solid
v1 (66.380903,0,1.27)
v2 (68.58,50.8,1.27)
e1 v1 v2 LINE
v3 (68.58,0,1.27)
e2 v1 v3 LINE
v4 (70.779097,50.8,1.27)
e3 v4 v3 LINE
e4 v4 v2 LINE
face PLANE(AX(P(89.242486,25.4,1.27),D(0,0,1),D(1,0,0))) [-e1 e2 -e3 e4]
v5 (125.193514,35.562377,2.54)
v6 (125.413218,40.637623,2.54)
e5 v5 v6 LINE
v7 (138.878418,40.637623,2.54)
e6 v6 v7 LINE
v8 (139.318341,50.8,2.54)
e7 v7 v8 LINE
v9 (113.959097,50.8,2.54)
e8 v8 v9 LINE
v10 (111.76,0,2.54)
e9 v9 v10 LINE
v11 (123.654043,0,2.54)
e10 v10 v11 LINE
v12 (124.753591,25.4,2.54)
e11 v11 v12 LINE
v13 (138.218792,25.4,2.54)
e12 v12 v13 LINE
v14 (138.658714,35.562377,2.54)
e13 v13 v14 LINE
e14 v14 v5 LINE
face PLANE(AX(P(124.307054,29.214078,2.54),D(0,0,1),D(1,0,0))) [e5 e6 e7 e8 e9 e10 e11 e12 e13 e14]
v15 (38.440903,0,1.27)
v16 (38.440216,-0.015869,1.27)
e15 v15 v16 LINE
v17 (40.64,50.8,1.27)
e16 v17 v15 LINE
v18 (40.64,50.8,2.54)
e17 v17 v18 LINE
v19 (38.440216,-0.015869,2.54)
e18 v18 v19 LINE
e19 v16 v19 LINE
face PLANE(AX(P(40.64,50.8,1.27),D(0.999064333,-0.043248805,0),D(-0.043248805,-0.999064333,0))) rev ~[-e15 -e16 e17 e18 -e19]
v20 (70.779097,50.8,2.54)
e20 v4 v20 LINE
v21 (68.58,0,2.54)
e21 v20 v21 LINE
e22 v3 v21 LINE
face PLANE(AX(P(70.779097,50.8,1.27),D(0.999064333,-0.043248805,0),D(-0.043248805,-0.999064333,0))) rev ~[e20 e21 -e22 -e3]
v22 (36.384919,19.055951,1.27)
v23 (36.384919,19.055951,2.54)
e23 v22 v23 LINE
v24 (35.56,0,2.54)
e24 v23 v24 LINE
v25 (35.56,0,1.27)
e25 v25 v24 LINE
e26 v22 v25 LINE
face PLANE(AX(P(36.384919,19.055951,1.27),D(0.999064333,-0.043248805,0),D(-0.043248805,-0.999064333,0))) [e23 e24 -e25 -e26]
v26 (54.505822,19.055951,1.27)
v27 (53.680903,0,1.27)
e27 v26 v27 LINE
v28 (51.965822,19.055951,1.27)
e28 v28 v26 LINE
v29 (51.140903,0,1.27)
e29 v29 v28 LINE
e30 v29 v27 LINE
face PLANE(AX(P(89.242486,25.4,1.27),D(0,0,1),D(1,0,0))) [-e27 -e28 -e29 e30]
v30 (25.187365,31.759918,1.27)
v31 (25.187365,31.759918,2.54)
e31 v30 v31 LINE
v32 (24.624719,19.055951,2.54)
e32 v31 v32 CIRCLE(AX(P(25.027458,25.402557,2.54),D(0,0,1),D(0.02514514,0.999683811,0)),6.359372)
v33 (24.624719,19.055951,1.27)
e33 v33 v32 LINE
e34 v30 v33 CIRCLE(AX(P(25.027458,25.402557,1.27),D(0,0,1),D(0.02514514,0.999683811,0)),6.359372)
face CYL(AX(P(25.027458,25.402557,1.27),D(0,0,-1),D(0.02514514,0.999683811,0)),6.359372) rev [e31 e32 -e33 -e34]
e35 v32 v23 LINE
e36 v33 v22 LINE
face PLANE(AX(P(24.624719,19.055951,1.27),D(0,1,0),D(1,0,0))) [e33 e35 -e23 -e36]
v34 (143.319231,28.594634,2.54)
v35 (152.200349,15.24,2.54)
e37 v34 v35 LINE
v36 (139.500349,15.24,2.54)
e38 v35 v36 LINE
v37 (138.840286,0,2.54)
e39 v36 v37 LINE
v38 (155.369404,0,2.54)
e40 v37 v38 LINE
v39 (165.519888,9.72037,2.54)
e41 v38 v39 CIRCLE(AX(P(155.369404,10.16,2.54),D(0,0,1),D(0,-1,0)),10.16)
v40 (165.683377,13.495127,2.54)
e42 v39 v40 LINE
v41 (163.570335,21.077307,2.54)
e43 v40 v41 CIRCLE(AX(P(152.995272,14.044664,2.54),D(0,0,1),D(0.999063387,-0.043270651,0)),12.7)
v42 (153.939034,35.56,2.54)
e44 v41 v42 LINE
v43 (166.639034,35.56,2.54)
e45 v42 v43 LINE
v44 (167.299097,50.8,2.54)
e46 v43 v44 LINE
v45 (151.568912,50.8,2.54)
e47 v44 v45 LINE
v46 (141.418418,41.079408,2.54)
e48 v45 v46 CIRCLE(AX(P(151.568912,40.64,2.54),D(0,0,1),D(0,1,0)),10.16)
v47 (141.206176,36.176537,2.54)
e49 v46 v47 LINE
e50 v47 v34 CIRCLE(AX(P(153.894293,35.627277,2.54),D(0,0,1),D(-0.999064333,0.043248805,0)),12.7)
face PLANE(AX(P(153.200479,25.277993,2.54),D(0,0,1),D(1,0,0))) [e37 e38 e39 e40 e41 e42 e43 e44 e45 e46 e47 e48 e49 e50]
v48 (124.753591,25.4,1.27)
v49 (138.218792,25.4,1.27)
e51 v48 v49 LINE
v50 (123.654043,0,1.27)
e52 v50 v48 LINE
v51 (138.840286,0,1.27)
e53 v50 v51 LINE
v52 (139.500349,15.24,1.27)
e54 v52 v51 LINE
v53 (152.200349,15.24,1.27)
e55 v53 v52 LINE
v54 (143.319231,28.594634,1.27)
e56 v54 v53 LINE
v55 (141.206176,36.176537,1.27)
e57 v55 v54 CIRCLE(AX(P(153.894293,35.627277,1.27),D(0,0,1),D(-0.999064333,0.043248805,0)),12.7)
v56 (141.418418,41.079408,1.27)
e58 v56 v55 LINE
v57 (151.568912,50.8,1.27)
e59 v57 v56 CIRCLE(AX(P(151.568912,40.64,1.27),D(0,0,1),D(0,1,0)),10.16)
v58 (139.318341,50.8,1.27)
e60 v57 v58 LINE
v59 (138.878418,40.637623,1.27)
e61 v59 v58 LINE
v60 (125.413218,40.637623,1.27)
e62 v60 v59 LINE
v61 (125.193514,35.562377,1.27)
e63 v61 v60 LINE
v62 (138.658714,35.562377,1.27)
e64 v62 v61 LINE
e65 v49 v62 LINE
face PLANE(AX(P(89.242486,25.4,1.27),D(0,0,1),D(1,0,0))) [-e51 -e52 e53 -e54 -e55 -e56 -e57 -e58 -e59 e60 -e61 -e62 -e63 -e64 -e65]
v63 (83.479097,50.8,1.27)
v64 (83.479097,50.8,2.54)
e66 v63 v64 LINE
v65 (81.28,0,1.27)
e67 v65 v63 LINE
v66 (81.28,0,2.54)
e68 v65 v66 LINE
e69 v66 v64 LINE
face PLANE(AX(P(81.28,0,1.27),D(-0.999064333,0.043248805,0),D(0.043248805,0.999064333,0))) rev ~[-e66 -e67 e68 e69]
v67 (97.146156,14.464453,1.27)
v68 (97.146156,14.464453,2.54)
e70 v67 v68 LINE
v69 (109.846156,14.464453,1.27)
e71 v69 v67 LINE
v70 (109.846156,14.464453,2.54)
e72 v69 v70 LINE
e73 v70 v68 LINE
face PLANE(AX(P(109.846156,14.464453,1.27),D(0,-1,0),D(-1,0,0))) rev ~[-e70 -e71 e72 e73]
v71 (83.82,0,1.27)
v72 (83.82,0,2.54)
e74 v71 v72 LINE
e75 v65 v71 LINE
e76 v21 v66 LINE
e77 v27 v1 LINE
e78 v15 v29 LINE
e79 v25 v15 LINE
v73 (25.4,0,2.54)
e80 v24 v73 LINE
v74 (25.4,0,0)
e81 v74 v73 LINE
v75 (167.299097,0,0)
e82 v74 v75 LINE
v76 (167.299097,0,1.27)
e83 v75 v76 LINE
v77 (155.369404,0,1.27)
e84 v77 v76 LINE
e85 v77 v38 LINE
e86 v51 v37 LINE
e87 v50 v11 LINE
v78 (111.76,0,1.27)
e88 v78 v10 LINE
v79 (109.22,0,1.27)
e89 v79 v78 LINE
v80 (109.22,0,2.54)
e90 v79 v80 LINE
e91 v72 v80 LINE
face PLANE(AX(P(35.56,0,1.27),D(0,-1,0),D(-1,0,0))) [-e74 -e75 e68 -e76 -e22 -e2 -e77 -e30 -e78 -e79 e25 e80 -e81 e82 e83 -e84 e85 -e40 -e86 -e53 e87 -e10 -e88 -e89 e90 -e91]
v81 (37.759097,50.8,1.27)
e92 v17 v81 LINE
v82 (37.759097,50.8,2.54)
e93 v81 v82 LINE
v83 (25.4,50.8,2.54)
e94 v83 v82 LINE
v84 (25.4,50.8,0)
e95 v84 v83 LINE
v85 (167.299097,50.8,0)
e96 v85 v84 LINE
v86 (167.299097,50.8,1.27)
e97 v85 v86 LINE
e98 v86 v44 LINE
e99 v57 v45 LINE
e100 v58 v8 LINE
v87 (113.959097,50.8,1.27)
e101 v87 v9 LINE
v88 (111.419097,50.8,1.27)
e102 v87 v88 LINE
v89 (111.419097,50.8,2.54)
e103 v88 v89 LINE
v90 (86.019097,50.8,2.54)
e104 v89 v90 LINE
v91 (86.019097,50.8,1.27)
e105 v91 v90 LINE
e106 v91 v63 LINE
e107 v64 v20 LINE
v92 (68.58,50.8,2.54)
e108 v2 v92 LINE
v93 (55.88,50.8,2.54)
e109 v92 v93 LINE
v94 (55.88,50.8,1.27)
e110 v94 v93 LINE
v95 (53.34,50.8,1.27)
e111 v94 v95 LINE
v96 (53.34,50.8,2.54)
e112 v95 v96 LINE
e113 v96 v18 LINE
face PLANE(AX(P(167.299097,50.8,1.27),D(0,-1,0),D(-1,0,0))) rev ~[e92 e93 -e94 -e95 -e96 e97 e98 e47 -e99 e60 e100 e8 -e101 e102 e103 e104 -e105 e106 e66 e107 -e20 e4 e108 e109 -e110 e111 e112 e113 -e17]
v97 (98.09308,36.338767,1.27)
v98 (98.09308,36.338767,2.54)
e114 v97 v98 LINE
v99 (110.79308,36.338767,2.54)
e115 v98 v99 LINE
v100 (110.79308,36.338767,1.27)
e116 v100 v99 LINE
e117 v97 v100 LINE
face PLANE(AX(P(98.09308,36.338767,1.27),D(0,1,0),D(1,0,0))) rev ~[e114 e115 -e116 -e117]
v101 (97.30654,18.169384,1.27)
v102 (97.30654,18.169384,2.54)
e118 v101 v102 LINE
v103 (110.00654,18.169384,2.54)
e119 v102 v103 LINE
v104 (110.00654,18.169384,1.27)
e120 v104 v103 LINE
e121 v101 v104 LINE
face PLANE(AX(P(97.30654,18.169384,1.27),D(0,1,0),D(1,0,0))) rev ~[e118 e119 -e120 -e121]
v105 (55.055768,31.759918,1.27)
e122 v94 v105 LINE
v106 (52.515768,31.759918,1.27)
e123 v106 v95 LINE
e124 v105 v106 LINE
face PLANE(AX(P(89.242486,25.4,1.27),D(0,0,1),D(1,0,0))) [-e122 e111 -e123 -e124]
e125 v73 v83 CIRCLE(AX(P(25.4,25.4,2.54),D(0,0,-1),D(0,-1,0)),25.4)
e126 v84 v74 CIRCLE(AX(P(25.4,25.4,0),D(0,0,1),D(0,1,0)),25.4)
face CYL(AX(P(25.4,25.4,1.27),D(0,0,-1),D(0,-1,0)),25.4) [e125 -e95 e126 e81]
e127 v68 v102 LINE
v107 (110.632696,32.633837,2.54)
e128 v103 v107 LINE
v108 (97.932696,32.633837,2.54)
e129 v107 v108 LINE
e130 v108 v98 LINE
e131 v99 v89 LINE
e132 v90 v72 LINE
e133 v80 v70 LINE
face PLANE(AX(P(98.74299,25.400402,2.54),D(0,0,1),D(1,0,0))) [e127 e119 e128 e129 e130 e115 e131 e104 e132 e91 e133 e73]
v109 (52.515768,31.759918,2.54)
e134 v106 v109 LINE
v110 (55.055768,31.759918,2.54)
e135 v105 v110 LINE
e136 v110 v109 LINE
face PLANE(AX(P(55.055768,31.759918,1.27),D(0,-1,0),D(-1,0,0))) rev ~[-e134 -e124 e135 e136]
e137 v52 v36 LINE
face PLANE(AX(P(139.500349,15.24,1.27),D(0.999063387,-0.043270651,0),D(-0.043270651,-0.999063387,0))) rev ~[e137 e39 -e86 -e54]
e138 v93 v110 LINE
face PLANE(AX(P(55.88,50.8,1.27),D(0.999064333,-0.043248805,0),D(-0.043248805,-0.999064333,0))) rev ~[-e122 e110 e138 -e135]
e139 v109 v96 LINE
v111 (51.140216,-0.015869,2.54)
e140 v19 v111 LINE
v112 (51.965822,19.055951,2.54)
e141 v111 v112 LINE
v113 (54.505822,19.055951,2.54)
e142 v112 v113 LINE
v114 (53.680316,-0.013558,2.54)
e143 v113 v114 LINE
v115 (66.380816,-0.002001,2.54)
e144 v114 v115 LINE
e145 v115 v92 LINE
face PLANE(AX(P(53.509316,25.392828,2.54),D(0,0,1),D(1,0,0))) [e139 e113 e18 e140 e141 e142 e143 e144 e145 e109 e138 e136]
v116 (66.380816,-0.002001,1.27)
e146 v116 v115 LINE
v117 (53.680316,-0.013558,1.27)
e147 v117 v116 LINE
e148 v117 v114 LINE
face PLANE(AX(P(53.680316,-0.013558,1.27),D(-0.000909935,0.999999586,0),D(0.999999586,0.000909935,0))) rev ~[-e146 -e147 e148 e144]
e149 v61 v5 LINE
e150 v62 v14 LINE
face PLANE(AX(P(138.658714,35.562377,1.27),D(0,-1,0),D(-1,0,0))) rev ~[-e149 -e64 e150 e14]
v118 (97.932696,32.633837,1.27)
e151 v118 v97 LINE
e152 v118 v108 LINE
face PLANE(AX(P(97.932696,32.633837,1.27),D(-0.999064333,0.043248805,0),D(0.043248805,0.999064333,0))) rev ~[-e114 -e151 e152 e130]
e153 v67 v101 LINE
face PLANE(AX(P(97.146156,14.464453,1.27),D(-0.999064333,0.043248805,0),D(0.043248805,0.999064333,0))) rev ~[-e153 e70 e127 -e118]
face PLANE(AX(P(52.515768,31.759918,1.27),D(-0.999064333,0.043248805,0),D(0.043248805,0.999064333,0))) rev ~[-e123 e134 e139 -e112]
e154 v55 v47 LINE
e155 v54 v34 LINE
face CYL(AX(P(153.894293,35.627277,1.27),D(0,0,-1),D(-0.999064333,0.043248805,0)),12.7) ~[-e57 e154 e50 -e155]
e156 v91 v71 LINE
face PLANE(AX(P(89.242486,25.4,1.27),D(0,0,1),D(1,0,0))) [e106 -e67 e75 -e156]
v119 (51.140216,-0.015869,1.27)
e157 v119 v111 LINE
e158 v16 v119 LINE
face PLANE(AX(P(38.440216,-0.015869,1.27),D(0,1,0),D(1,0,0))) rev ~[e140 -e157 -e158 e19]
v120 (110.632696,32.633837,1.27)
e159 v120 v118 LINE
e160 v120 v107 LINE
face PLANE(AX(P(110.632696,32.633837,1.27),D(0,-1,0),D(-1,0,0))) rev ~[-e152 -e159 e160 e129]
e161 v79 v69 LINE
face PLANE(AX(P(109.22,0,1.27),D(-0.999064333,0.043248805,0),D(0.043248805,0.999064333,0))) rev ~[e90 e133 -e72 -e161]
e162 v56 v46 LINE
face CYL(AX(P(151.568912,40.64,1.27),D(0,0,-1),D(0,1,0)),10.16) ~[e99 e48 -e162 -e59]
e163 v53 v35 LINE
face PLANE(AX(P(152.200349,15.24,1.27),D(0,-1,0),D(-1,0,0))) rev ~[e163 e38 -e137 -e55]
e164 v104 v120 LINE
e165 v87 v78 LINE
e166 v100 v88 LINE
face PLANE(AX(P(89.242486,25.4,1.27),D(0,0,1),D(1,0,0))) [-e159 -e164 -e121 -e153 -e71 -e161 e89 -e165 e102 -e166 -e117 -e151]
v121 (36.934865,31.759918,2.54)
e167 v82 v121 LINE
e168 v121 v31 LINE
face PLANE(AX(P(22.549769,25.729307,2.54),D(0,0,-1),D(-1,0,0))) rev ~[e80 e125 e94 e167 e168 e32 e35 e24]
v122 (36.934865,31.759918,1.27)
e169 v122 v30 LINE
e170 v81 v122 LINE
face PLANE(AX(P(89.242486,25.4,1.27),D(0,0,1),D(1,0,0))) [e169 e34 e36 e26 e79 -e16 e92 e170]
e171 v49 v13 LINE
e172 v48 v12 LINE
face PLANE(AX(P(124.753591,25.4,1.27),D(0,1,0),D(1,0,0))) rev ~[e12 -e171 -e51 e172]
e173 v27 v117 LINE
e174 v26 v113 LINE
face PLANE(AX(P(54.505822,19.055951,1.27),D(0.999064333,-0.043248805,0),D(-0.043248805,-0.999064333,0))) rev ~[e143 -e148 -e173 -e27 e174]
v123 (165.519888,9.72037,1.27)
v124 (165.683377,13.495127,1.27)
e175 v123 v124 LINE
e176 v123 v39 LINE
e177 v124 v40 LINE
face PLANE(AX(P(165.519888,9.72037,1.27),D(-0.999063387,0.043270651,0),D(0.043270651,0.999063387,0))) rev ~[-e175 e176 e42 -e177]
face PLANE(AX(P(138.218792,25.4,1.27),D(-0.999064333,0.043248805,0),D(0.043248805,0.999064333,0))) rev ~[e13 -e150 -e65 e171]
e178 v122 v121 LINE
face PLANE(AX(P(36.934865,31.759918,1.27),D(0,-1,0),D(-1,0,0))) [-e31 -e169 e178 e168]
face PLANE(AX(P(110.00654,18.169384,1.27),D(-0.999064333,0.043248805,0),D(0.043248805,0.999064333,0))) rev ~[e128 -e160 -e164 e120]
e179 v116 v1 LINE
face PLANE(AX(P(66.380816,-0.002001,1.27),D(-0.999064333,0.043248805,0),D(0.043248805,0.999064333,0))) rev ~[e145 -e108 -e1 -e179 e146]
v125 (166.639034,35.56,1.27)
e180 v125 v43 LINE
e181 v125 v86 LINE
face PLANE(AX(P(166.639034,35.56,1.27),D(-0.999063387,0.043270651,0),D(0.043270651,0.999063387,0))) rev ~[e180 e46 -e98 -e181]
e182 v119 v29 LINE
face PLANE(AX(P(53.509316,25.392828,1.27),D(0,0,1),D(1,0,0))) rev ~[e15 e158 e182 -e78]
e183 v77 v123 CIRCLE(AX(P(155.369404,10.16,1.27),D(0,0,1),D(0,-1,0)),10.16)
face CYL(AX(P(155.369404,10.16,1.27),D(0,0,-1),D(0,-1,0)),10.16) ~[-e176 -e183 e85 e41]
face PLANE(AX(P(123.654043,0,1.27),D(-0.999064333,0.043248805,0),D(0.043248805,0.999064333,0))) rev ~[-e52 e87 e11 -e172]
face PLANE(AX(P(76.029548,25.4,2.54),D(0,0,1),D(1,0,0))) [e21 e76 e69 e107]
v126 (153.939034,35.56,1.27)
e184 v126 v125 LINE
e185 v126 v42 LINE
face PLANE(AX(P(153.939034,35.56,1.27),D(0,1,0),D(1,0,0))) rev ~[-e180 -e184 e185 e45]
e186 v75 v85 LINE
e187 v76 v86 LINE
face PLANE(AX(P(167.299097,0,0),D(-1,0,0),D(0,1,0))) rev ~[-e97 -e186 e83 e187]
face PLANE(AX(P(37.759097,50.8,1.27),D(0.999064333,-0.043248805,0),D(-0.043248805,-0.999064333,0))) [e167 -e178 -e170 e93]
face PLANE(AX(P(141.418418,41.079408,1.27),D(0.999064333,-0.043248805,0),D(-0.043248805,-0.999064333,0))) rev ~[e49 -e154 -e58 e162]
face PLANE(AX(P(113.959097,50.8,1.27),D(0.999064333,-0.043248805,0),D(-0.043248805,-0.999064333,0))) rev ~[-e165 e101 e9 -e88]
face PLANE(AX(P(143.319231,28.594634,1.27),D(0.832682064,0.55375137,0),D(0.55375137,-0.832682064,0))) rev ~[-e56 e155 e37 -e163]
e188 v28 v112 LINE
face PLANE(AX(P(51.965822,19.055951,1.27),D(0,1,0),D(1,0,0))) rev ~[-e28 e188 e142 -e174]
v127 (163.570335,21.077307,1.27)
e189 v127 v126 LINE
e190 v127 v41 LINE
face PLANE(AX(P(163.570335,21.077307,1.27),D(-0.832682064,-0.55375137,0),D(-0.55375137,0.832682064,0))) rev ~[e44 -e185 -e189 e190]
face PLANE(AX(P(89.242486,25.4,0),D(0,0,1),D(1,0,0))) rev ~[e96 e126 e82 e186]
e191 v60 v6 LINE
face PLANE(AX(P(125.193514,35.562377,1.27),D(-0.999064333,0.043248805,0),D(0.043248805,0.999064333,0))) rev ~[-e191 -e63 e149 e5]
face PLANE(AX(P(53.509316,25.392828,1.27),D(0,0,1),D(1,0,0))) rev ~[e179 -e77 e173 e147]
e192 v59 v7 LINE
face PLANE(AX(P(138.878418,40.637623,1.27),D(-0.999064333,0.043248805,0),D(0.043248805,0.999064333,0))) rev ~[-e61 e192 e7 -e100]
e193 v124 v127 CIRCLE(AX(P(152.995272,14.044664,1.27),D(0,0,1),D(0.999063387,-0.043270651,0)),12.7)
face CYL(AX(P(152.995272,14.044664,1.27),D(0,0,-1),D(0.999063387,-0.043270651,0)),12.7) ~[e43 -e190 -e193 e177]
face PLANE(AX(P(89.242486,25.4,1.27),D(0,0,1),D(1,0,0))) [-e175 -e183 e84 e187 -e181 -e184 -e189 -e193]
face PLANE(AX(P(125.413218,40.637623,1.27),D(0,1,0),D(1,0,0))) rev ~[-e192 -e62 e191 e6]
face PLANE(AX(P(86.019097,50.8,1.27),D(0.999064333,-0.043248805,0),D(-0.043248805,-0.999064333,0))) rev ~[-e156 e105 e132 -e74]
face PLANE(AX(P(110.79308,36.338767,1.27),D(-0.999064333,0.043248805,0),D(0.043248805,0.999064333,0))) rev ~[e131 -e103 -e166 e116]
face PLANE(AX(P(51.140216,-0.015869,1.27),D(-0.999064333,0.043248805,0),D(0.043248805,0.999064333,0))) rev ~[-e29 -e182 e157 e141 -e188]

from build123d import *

# Parameters (mm, degrees)
EXTRUDE2_DEPTH = 1.27
EXTRUDE3_DEPTH = 1.27
EXTRUDE4_DEPTH = 1.27


with BuildPart() as part:
    # Sketch2 → Extrude2 (new body)
    with BuildSketch(Plane.XY):
        with BuildLine():
            Line((25.4, 0), (167.299096948, 0))
            Line((167.299096948, 0), (167.299096948, 50.8))
            Line((167.299096948, 50.8), (25.4, 50.8))
            ThreePointArc((25.4, 50.8), (0, 25.4), (25.4, 0))
        make_face()
    extrude(amount=EXTRUDE2_DEPTH)

    # Sketch5 → Extrude3 (add)
    with BuildSketch(Plane.XY.offset(1.27)):
        with BuildLine():
            Line((25.4, 50.8), (37.759096935, 50.8))
            Line((37.759096935, 50.8), (36.934864936, 31.759918178))
            Line((36.934864936, 31.759918178), (25.187364936, 31.759918178))
            ThreePointArc((25.187364936, 31.759918178), (18.674313706, 25.683931539), (24.624718961, 19.055950907))
            Line((24.624718961, 19.055950907), (36.384918961, 19.055950907))
            Line((36.384918961, 19.055950907), (35.56, 0))
            Line((35.56, 0), (25.4, 0))
            ThreePointArc((25.4, 0), (0, 25.4), (25.4, 50.8))
        make_face()
    extrude(amount=EXTRUDE3_DEPTH)

    # Sketch5<4> → Extrude4 (add)
    with BuildSketch(Plane.XY.offset(1.27)):
        with BuildLine():
            Line((153.939033989, 35.56), (166.639033989, 35.56))
            Line((166.639033989, 35.56), (167.299096935, 50.8))
            Line((167.299096935, 50.8), (151.568912005, 50.8))
            ThreePointArc((151.568912005, 50.8), (144.541778303, 47.977914686), (141.418418385, 41.079407862))
            Line((141.418418385, 41.079407862), (141.206176472, 36.176536601))
            ThreePointArc((141.206176472, 36.176536601), (141.660521084, 32.217758839), (143.31923128, 28.594634375))
            Line((143.31923128, 28.594634375), (152.200348571, 15.24))
            Line((152.200348571, 15.24), (139.500348571, 15.24))
            Line((139.500348571, 15.24), (138.840285624, 0))
            Line((138.840285624, 0), (155.369404166, 0))
            ThreePointArc((155.369404166, 0), (162.396457641, 2.822008486), (165.519888176, 9.720370185))
            Line((165.519888176, 9.720370185), (165.683377481, 13.495126865))
            ThreePointArc((165.683377481, 13.495126865), (165.229082159, 17.454048315), (163.570334687, 21.077306532))
            Line((163.570334687, 21.077306532), (153.939033989, 35.56))
        make_face()
        Polygon((53.34, 50.8), (40.64, 50.8), (38.440216103, -0.015869084), (51.140216103, -0.015869084), (51.965822026, 19.055950907), (54.505822026, 19.055950907), (53.680316159, -0.013557756), (66.380816438, -0.002001116), (68.58, 50.8), (55.88, 50.8), (55.055768, 31.759918178), (52.515768, 31.759918178), align=None)
        Polygon((83.479096935, 50.8), (70.779096935, 50.8), (68.58, 0), (81.28, 0), align=None)
        Polygon((111.419096935, 50.8), (86.019096935, 50.8), (83.82, 0), (109.22, 0), (109.846156204, 14.464453409), (97.146156204, 14.464453409), (97.306540074, 18.16938358), (110.006540074, 18.16938358), (110.632696278, 32.633836988), (97.932696278, 32.633836988), (98.093080148, 36.33876716), (110.793080148, 36.33876716), align=None)
        Polygon((139.318340653, 50.8), (113.959096935, 50.8), (111.76, 0), (123.65404294, 0), (124.753591407, 25.4), (138.218792185, 25.4), (138.658714454, 35.562376595), (125.193513676, 35.562376595), (125.413217607, 40.637623405), (138.878418385, 40.637623405), align=None)
    extrude(amount=EXTRUDE4_DEPTH)


solid = part.part
